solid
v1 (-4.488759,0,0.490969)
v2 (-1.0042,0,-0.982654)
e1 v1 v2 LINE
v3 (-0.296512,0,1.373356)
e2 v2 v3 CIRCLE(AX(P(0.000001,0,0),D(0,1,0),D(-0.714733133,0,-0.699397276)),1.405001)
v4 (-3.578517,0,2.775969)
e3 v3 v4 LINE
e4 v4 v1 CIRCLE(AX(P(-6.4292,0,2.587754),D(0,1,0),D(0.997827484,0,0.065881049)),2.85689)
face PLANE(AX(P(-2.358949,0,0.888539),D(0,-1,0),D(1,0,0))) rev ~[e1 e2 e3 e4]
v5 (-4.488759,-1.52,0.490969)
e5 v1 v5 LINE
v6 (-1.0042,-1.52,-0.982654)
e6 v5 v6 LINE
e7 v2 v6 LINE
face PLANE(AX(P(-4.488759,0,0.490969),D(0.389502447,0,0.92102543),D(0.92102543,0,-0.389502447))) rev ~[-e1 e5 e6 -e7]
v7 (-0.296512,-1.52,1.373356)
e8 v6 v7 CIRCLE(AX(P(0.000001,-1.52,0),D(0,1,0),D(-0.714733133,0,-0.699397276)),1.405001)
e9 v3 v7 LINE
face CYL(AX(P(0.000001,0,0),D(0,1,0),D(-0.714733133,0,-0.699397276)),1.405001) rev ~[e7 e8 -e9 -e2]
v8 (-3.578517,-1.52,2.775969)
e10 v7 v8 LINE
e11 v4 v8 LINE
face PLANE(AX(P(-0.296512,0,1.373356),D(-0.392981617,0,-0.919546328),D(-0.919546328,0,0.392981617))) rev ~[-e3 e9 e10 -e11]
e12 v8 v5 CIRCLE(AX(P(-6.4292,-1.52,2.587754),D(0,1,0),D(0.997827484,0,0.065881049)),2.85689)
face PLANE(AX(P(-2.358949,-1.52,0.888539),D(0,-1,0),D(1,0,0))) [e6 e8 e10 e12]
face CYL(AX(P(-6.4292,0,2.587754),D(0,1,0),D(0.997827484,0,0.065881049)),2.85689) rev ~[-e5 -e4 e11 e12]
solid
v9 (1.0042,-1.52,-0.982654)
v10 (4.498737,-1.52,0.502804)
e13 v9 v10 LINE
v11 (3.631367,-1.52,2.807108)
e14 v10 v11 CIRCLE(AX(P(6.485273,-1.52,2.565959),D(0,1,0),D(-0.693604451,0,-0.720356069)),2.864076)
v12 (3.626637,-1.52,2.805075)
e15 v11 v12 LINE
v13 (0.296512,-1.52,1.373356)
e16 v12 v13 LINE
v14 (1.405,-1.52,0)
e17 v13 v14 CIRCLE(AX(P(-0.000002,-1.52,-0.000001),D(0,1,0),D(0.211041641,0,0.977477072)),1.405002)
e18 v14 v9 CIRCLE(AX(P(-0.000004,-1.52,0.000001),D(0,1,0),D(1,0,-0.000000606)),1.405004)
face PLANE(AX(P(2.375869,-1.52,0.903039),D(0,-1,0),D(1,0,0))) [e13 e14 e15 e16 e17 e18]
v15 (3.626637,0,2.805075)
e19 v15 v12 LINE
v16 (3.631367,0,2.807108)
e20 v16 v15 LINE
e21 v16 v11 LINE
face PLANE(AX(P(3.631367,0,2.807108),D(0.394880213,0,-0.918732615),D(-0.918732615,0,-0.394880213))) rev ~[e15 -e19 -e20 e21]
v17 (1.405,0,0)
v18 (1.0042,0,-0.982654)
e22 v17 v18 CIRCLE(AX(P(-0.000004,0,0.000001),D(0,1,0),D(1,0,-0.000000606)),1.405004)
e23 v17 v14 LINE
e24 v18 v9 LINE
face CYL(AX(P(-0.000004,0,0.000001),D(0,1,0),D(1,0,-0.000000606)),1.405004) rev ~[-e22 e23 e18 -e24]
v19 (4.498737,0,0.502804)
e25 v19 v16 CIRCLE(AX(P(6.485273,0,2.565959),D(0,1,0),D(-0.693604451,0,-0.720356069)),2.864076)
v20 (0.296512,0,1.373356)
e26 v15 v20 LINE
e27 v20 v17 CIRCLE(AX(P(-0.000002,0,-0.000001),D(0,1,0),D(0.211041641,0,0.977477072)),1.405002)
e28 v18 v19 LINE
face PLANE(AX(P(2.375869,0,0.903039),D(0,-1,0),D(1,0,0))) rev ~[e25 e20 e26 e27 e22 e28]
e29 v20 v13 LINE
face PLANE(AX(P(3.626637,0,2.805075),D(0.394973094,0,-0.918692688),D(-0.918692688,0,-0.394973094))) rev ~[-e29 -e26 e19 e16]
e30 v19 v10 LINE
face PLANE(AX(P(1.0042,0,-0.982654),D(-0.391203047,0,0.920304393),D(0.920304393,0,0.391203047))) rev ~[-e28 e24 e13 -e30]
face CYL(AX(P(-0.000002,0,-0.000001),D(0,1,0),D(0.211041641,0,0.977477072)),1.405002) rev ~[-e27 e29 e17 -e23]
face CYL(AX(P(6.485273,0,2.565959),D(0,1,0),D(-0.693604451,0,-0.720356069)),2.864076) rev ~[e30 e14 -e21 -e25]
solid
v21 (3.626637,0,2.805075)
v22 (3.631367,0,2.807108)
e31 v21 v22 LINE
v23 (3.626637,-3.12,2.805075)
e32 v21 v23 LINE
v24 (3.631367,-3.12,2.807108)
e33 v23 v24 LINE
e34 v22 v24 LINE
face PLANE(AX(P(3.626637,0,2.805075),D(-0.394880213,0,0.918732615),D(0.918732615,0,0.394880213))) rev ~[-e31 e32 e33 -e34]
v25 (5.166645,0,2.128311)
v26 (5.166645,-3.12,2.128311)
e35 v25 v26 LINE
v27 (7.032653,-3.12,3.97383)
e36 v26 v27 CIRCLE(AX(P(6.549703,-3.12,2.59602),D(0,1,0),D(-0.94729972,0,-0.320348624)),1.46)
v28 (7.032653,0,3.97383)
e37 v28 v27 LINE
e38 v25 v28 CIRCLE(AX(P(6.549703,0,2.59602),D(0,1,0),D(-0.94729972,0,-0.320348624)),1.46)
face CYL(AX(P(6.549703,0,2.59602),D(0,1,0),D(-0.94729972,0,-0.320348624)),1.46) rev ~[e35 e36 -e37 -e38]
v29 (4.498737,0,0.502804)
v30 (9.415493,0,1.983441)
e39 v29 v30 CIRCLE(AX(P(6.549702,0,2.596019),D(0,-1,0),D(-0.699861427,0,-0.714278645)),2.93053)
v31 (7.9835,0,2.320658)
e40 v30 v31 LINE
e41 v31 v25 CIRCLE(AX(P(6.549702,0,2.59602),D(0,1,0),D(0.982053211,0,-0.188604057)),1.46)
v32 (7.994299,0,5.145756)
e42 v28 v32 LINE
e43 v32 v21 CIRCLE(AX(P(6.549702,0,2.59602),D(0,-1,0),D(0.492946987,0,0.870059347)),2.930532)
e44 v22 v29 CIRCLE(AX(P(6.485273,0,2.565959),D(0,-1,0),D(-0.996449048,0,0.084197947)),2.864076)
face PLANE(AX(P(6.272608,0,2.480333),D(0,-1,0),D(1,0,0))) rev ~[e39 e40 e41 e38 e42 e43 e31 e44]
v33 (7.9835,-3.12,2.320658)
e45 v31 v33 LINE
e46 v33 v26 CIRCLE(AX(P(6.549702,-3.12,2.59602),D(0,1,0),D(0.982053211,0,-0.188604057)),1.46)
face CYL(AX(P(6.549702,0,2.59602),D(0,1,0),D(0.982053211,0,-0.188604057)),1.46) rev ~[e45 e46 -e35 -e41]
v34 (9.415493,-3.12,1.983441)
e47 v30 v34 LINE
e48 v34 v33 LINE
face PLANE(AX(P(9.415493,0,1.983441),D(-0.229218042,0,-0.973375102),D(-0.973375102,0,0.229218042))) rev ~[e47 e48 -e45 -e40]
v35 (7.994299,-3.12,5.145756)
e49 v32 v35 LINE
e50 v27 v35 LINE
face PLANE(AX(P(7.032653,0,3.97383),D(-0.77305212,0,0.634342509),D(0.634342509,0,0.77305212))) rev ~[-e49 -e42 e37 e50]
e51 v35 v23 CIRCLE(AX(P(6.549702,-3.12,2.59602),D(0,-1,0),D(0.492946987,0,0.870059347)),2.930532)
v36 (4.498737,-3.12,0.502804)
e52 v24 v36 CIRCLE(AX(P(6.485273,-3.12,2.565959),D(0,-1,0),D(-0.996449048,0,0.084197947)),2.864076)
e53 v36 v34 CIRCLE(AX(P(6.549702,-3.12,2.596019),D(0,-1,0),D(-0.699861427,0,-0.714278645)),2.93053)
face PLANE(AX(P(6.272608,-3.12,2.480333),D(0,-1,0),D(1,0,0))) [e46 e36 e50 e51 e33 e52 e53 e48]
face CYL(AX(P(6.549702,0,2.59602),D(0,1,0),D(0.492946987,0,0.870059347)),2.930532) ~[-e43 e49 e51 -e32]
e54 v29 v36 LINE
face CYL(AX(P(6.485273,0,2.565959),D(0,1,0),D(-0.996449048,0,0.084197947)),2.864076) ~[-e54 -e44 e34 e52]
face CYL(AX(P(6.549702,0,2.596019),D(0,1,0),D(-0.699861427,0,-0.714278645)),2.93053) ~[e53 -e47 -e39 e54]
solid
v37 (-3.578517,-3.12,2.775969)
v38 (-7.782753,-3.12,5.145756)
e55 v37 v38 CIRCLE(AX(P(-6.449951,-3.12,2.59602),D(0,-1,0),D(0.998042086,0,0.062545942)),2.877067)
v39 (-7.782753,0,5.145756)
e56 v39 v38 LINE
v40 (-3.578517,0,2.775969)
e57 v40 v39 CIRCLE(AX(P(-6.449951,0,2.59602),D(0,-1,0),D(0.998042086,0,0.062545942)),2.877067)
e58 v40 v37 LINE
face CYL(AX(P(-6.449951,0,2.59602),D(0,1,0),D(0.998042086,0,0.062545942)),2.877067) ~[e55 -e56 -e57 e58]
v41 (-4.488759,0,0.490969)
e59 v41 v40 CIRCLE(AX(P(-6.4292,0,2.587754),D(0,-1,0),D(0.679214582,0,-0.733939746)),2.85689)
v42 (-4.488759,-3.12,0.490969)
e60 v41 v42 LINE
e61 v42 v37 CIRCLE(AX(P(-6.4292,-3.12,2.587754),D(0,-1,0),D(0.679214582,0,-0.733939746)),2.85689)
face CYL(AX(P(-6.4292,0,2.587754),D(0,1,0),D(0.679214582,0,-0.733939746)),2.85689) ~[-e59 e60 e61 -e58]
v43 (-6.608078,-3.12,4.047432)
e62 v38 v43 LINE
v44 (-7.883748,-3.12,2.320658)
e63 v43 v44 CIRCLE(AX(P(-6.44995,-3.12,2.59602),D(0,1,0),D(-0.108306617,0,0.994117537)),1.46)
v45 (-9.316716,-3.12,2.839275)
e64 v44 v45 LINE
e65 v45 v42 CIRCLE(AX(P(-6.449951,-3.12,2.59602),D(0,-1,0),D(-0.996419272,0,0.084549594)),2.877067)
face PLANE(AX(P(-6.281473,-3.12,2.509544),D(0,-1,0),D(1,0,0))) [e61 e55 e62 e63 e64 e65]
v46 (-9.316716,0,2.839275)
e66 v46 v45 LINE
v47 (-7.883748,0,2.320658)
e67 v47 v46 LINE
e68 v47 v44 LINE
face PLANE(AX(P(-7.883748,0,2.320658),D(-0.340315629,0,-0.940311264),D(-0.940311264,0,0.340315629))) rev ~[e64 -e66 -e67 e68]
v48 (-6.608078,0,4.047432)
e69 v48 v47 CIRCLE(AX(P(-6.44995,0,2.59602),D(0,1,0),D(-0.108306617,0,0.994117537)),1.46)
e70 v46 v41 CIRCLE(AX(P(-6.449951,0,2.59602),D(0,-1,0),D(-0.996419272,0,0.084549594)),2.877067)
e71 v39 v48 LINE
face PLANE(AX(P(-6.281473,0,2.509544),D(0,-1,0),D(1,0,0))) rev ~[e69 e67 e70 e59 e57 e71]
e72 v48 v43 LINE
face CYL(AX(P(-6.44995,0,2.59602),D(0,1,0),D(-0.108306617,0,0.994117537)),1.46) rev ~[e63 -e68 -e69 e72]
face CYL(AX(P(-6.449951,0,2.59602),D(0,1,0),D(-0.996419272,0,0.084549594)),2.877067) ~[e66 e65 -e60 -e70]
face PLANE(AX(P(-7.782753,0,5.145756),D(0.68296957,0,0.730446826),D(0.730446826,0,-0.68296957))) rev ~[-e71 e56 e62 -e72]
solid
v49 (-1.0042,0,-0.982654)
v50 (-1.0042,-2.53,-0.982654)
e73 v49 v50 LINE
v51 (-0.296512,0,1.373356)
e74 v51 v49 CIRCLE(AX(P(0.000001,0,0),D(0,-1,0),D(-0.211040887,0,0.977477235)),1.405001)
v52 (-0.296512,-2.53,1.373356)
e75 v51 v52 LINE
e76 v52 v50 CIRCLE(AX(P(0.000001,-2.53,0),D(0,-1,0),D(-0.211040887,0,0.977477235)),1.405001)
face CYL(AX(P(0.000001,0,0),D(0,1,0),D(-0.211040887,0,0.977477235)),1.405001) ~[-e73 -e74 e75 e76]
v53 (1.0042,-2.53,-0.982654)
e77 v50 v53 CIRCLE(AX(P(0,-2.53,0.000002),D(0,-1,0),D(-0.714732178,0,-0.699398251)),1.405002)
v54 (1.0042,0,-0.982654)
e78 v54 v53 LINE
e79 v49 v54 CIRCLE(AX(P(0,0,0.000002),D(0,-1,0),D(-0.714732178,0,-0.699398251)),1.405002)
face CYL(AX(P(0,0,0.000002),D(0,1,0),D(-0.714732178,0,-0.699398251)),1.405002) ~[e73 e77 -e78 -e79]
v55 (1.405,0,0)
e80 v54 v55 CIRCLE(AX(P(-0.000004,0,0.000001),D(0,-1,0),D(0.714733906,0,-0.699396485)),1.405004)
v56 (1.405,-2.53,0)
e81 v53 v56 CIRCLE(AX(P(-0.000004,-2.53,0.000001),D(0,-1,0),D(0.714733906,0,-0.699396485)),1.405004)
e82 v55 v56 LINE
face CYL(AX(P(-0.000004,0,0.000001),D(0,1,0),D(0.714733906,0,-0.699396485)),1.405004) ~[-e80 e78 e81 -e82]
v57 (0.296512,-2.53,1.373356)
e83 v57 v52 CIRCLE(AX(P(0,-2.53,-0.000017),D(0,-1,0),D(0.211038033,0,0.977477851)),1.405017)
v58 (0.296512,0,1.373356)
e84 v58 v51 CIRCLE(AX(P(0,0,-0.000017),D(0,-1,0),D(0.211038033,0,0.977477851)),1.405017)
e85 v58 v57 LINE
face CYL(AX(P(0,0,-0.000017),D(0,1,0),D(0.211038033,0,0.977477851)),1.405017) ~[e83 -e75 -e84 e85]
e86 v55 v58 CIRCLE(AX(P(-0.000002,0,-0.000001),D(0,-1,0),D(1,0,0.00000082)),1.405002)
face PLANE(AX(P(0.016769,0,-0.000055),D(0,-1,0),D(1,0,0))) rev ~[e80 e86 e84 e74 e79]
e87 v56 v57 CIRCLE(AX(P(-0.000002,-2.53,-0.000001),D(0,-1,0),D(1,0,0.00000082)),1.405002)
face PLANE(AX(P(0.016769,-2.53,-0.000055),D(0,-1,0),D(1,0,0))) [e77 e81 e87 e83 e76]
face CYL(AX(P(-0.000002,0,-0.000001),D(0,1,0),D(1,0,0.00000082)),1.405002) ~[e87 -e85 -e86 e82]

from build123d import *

# Parameters (mm, degrees)
F1_DEPTH = 3.12
F2_DEPTH = 2.53
F3_DEPTH = 1.52


with BuildPart() as f1:
    # F0 (on Front) → F1 (new body)
    with BuildSketch(Plane.XZ):
        with BuildLine():
            ThreePointArc((7.994299, 5.145756), (5.165446, 5.179012), (3.626637, 2.805075))
            Line((3.626637, 2.805075), (3.631367, 2.807108))
            ThreePointArc((3.631367, 2.807108), (3.804802, 1.556995), (4.498737, 0.502804))
            ThreePointArc((4.498737, 0.502804), (7.394721, -0.210037), (9.415493, 1.983441))
            Line((9.415493, 1.983441), (7.9835, 2.320658))
            ThreePointArc((7.9835, 2.320658), (6.649166, 1.139412), (5.166645, 2.128311))
            ThreePointArc((5.166645, 2.128311), (5.523041, 3.634079), (7.032653, 3.97383))
            Line((7.032653, 3.97383), (7.994299, 5.145756))
        make_face()
        with BuildLine():
            ThreePointArc((-4.488759, 0.490969), (-3.775142, 1.530496), (-3.578517, 2.775969))
            ThreePointArc((-3.578517, 2.775969), (-5.037216, 5.102351), (-7.782753, 5.145756))
            Line((-7.782753, 5.145756), (-6.608078, 4.047432))
            ThreePointArc((-6.608078, 4.047432), (-5.275645, 1.728491), (-7.883748, 2.320658))
            Line((-7.883748, 2.320658), (-9.316716, 2.839275))
            ThreePointArc((-9.316716, 2.839275), (-7.708383, 0.00877), (-4.488759, 0.490969))
        make_face()
    extrude(amount=F1_DEPTH)


with BuildPart() as f2:
    # F0 (on Front) → F2 (new body)
    with BuildSketch(Plane.XZ):
        with BuildLine():
            ThreePointArc((1.0042, -0.982654), (1.300947, -0.530624), (1.405, 0))
            ThreePointArc((1.405, 0), (1.093303, 0.882447), (0.296512, 1.373356))
            ThreePointArc((0.296512, 1.373356), (0, 1.405), (-0.296512, 1.373356))
            ThreePointArc((-0.296512, 1.373356), (-1.345607, 0.404187), (-1.0042, -0.982654))
            ThreePointArc((-1.0042, -0.982654), (0, -1.405), (1.0042, -0.982654))
        make_face()
    extrude(amount=F2_DEPTH)


with BuildPart() as f3:
    # F0 (on Front) → F3 (new body)
    with BuildSketch(Plane.XZ):
        with BuildLine():
            ThreePointArc((-1.0042, -0.982654), (-1.345607, 0.404187), (-0.296512, 1.373356))
            Line((-0.296512, 1.373356), (-3.578517, 2.775969))
            ThreePointArc((-3.578517, 2.775969), (-3.775142, 1.530496), (-4.488759, 0.490969))
            Line((-4.488759, 0.490969), (-1.0042, -0.982654))
        make_face()
        with BuildLine():
            ThreePointArc((0.296512, 1.373356), (1.093303, 0.882447), (1.405, 0))
            ThreePointArc((1.405, 0), (1.300947, -0.530624), (1.0042, -0.982654))
            Line((1.0042, -0.982654), (4.498737, 0.502804))
            ThreePointArc((4.498737, 0.502804), (3.804802, 1.556995), (3.631367, 2.807108))
            Line((3.631367, 2.807108), (3.626637, 2.805075))
            Line((3.626637, 2.805075), (0.296512, 1.373356))
        make_face()
    extrude(amount=F3_DEPTH)


solid = Compound([f1.part, f2.part, f3.part])
